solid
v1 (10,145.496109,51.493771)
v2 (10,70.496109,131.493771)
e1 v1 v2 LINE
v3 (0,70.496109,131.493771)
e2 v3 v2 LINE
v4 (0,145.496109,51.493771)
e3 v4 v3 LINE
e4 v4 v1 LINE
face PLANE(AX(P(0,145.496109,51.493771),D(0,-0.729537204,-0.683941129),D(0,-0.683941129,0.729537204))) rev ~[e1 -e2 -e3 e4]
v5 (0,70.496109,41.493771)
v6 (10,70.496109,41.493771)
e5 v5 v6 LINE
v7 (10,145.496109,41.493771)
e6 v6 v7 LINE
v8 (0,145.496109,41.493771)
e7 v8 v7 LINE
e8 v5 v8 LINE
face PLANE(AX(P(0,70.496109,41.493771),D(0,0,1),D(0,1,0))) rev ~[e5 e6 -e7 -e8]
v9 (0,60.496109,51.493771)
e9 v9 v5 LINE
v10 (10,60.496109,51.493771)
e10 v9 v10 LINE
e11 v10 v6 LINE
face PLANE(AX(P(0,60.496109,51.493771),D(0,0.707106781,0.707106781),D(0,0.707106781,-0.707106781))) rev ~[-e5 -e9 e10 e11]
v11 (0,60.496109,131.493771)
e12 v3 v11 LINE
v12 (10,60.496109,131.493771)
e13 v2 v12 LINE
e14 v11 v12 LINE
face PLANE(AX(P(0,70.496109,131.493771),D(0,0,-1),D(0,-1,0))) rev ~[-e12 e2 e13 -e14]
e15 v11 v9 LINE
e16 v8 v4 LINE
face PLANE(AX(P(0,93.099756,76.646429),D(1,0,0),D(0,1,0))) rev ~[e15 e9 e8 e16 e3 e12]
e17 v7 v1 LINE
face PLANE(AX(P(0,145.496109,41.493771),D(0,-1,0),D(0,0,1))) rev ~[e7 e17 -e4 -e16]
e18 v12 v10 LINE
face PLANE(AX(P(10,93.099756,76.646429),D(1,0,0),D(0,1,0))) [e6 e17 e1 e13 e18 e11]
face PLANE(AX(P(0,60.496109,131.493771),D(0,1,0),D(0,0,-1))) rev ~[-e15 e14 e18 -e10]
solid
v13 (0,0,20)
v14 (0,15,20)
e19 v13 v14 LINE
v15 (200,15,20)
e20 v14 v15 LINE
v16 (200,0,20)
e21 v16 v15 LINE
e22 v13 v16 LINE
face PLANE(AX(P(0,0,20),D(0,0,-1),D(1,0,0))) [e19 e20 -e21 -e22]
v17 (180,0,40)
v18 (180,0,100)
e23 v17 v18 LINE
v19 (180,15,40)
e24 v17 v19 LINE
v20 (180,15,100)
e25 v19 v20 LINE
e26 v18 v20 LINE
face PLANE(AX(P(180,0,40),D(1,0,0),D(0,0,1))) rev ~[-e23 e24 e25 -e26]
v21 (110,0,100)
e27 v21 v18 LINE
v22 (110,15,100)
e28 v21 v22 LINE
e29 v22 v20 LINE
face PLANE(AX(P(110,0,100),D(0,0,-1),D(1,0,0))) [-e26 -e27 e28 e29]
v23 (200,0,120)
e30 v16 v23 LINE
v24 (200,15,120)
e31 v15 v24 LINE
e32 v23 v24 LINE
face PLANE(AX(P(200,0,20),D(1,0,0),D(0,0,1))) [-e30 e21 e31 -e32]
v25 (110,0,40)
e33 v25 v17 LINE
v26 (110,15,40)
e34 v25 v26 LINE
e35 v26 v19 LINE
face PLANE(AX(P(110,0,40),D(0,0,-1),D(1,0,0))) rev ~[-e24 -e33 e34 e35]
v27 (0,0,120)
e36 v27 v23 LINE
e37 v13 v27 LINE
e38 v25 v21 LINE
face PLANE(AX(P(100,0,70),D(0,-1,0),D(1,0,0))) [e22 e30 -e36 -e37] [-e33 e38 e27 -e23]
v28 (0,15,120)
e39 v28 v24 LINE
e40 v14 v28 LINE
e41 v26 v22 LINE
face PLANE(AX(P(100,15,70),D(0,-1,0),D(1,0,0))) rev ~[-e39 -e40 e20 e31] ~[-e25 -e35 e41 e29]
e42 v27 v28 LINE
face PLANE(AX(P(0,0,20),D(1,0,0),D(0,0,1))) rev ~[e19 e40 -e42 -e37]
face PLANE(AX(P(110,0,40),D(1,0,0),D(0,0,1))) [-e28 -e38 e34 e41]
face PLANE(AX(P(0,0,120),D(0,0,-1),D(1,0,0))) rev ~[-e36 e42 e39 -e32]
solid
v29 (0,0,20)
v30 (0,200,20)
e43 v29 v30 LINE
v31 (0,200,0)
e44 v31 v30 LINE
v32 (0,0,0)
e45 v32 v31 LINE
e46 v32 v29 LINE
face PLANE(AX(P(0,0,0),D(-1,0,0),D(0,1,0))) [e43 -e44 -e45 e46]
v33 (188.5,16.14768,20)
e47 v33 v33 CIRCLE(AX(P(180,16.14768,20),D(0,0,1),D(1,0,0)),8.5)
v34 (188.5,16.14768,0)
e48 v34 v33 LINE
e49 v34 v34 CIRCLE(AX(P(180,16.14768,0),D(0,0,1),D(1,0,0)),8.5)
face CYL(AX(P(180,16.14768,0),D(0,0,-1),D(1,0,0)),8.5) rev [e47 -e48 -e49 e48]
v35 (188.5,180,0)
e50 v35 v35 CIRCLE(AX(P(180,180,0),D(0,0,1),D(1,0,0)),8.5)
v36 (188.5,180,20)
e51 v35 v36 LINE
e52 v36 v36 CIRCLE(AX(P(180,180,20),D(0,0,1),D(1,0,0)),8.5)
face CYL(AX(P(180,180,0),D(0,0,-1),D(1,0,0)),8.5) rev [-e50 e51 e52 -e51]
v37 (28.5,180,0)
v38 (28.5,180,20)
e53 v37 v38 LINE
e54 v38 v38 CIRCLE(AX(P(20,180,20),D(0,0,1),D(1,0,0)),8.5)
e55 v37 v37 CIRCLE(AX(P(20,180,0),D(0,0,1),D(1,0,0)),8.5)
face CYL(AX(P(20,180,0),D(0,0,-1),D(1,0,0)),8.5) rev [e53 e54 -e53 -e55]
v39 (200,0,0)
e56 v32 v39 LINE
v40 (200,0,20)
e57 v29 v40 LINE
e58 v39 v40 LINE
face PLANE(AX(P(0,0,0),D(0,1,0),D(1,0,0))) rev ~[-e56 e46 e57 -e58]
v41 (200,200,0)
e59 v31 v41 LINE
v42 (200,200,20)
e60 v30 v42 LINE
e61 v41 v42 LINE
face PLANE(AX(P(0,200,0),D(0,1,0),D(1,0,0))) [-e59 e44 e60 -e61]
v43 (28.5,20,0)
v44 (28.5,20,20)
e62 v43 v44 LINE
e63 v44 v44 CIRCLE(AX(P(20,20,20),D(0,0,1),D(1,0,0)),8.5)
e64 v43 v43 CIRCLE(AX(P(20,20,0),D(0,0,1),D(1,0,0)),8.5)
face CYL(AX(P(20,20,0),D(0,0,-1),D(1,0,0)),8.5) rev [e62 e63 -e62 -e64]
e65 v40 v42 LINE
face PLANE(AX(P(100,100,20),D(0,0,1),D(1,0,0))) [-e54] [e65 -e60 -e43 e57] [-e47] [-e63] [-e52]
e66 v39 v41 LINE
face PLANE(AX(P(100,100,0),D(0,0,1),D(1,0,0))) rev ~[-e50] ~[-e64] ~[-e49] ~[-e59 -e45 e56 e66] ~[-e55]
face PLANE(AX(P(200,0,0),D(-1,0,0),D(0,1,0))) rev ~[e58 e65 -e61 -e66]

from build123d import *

# Parameters (mm, degrees)
F0_W     = 200
F0_H     = 200
F0_R     = 8.5
F1_DEPTH = 20
F2_W     = 200
F2_H     = 100
F3_DEPTH = 15
F5_DEPTH = 10
F6_W     = 70
F6_H     = 60
F7_DEPTH = 200.001


with BuildPart() as f1:
    # F0 (on Top) → F1 (new body)
    with BuildSketch(Plane.XY):
        with Locations((100, 100)):
            Rectangle(F0_W, F0_H)
        with Locations((20, 20)):
            Circle(F0_R, mode=Mode.SUBTRACT)
        with Locations((180, 16.14768)):
            Circle(F0_R, mode=Mode.SUBTRACT)
        with Locations((20, 180)):
            Circle(F0_R, mode=Mode.SUBTRACT)
        with Locations((180, 180)):
            Circle(F0_R, mode=Mode.SUBTRACT)
    extrude(amount=F1_DEPTH)


with BuildPart() as f3:
    # F2 (on Front) → F3 (new body)
    with BuildSketch(Plane.XZ):
        with Locations((100, 70)):
            Rectangle(F2_W, F2_H)
    extrude(amount=-F3_DEPTH)

    # F6 (on Front) → F7 (cut, through all)
    with BuildSketch(Plane.XZ):
        with Locations((145, 70)):
            Rectangle(F6_W, F6_H)
    extrude(amount=-F7_DEPTH, mode=Mode.SUBTRACT)


with BuildPart() as f5:
    # F4 (on Right) → F5 (new body)
    with BuildSketch(Plane.YZ):
        Polygon((70.496109, 131.493771), (60.496109, 131.493771), (60.496109, 51.493771), (70.496109, 41.493771), (145.496109, 41.493771), (145.496109, 51.493771), align=None)
    extrude(amount=F5_DEPTH)


solid = Compound([f1.part, f3.part, f5.part])
